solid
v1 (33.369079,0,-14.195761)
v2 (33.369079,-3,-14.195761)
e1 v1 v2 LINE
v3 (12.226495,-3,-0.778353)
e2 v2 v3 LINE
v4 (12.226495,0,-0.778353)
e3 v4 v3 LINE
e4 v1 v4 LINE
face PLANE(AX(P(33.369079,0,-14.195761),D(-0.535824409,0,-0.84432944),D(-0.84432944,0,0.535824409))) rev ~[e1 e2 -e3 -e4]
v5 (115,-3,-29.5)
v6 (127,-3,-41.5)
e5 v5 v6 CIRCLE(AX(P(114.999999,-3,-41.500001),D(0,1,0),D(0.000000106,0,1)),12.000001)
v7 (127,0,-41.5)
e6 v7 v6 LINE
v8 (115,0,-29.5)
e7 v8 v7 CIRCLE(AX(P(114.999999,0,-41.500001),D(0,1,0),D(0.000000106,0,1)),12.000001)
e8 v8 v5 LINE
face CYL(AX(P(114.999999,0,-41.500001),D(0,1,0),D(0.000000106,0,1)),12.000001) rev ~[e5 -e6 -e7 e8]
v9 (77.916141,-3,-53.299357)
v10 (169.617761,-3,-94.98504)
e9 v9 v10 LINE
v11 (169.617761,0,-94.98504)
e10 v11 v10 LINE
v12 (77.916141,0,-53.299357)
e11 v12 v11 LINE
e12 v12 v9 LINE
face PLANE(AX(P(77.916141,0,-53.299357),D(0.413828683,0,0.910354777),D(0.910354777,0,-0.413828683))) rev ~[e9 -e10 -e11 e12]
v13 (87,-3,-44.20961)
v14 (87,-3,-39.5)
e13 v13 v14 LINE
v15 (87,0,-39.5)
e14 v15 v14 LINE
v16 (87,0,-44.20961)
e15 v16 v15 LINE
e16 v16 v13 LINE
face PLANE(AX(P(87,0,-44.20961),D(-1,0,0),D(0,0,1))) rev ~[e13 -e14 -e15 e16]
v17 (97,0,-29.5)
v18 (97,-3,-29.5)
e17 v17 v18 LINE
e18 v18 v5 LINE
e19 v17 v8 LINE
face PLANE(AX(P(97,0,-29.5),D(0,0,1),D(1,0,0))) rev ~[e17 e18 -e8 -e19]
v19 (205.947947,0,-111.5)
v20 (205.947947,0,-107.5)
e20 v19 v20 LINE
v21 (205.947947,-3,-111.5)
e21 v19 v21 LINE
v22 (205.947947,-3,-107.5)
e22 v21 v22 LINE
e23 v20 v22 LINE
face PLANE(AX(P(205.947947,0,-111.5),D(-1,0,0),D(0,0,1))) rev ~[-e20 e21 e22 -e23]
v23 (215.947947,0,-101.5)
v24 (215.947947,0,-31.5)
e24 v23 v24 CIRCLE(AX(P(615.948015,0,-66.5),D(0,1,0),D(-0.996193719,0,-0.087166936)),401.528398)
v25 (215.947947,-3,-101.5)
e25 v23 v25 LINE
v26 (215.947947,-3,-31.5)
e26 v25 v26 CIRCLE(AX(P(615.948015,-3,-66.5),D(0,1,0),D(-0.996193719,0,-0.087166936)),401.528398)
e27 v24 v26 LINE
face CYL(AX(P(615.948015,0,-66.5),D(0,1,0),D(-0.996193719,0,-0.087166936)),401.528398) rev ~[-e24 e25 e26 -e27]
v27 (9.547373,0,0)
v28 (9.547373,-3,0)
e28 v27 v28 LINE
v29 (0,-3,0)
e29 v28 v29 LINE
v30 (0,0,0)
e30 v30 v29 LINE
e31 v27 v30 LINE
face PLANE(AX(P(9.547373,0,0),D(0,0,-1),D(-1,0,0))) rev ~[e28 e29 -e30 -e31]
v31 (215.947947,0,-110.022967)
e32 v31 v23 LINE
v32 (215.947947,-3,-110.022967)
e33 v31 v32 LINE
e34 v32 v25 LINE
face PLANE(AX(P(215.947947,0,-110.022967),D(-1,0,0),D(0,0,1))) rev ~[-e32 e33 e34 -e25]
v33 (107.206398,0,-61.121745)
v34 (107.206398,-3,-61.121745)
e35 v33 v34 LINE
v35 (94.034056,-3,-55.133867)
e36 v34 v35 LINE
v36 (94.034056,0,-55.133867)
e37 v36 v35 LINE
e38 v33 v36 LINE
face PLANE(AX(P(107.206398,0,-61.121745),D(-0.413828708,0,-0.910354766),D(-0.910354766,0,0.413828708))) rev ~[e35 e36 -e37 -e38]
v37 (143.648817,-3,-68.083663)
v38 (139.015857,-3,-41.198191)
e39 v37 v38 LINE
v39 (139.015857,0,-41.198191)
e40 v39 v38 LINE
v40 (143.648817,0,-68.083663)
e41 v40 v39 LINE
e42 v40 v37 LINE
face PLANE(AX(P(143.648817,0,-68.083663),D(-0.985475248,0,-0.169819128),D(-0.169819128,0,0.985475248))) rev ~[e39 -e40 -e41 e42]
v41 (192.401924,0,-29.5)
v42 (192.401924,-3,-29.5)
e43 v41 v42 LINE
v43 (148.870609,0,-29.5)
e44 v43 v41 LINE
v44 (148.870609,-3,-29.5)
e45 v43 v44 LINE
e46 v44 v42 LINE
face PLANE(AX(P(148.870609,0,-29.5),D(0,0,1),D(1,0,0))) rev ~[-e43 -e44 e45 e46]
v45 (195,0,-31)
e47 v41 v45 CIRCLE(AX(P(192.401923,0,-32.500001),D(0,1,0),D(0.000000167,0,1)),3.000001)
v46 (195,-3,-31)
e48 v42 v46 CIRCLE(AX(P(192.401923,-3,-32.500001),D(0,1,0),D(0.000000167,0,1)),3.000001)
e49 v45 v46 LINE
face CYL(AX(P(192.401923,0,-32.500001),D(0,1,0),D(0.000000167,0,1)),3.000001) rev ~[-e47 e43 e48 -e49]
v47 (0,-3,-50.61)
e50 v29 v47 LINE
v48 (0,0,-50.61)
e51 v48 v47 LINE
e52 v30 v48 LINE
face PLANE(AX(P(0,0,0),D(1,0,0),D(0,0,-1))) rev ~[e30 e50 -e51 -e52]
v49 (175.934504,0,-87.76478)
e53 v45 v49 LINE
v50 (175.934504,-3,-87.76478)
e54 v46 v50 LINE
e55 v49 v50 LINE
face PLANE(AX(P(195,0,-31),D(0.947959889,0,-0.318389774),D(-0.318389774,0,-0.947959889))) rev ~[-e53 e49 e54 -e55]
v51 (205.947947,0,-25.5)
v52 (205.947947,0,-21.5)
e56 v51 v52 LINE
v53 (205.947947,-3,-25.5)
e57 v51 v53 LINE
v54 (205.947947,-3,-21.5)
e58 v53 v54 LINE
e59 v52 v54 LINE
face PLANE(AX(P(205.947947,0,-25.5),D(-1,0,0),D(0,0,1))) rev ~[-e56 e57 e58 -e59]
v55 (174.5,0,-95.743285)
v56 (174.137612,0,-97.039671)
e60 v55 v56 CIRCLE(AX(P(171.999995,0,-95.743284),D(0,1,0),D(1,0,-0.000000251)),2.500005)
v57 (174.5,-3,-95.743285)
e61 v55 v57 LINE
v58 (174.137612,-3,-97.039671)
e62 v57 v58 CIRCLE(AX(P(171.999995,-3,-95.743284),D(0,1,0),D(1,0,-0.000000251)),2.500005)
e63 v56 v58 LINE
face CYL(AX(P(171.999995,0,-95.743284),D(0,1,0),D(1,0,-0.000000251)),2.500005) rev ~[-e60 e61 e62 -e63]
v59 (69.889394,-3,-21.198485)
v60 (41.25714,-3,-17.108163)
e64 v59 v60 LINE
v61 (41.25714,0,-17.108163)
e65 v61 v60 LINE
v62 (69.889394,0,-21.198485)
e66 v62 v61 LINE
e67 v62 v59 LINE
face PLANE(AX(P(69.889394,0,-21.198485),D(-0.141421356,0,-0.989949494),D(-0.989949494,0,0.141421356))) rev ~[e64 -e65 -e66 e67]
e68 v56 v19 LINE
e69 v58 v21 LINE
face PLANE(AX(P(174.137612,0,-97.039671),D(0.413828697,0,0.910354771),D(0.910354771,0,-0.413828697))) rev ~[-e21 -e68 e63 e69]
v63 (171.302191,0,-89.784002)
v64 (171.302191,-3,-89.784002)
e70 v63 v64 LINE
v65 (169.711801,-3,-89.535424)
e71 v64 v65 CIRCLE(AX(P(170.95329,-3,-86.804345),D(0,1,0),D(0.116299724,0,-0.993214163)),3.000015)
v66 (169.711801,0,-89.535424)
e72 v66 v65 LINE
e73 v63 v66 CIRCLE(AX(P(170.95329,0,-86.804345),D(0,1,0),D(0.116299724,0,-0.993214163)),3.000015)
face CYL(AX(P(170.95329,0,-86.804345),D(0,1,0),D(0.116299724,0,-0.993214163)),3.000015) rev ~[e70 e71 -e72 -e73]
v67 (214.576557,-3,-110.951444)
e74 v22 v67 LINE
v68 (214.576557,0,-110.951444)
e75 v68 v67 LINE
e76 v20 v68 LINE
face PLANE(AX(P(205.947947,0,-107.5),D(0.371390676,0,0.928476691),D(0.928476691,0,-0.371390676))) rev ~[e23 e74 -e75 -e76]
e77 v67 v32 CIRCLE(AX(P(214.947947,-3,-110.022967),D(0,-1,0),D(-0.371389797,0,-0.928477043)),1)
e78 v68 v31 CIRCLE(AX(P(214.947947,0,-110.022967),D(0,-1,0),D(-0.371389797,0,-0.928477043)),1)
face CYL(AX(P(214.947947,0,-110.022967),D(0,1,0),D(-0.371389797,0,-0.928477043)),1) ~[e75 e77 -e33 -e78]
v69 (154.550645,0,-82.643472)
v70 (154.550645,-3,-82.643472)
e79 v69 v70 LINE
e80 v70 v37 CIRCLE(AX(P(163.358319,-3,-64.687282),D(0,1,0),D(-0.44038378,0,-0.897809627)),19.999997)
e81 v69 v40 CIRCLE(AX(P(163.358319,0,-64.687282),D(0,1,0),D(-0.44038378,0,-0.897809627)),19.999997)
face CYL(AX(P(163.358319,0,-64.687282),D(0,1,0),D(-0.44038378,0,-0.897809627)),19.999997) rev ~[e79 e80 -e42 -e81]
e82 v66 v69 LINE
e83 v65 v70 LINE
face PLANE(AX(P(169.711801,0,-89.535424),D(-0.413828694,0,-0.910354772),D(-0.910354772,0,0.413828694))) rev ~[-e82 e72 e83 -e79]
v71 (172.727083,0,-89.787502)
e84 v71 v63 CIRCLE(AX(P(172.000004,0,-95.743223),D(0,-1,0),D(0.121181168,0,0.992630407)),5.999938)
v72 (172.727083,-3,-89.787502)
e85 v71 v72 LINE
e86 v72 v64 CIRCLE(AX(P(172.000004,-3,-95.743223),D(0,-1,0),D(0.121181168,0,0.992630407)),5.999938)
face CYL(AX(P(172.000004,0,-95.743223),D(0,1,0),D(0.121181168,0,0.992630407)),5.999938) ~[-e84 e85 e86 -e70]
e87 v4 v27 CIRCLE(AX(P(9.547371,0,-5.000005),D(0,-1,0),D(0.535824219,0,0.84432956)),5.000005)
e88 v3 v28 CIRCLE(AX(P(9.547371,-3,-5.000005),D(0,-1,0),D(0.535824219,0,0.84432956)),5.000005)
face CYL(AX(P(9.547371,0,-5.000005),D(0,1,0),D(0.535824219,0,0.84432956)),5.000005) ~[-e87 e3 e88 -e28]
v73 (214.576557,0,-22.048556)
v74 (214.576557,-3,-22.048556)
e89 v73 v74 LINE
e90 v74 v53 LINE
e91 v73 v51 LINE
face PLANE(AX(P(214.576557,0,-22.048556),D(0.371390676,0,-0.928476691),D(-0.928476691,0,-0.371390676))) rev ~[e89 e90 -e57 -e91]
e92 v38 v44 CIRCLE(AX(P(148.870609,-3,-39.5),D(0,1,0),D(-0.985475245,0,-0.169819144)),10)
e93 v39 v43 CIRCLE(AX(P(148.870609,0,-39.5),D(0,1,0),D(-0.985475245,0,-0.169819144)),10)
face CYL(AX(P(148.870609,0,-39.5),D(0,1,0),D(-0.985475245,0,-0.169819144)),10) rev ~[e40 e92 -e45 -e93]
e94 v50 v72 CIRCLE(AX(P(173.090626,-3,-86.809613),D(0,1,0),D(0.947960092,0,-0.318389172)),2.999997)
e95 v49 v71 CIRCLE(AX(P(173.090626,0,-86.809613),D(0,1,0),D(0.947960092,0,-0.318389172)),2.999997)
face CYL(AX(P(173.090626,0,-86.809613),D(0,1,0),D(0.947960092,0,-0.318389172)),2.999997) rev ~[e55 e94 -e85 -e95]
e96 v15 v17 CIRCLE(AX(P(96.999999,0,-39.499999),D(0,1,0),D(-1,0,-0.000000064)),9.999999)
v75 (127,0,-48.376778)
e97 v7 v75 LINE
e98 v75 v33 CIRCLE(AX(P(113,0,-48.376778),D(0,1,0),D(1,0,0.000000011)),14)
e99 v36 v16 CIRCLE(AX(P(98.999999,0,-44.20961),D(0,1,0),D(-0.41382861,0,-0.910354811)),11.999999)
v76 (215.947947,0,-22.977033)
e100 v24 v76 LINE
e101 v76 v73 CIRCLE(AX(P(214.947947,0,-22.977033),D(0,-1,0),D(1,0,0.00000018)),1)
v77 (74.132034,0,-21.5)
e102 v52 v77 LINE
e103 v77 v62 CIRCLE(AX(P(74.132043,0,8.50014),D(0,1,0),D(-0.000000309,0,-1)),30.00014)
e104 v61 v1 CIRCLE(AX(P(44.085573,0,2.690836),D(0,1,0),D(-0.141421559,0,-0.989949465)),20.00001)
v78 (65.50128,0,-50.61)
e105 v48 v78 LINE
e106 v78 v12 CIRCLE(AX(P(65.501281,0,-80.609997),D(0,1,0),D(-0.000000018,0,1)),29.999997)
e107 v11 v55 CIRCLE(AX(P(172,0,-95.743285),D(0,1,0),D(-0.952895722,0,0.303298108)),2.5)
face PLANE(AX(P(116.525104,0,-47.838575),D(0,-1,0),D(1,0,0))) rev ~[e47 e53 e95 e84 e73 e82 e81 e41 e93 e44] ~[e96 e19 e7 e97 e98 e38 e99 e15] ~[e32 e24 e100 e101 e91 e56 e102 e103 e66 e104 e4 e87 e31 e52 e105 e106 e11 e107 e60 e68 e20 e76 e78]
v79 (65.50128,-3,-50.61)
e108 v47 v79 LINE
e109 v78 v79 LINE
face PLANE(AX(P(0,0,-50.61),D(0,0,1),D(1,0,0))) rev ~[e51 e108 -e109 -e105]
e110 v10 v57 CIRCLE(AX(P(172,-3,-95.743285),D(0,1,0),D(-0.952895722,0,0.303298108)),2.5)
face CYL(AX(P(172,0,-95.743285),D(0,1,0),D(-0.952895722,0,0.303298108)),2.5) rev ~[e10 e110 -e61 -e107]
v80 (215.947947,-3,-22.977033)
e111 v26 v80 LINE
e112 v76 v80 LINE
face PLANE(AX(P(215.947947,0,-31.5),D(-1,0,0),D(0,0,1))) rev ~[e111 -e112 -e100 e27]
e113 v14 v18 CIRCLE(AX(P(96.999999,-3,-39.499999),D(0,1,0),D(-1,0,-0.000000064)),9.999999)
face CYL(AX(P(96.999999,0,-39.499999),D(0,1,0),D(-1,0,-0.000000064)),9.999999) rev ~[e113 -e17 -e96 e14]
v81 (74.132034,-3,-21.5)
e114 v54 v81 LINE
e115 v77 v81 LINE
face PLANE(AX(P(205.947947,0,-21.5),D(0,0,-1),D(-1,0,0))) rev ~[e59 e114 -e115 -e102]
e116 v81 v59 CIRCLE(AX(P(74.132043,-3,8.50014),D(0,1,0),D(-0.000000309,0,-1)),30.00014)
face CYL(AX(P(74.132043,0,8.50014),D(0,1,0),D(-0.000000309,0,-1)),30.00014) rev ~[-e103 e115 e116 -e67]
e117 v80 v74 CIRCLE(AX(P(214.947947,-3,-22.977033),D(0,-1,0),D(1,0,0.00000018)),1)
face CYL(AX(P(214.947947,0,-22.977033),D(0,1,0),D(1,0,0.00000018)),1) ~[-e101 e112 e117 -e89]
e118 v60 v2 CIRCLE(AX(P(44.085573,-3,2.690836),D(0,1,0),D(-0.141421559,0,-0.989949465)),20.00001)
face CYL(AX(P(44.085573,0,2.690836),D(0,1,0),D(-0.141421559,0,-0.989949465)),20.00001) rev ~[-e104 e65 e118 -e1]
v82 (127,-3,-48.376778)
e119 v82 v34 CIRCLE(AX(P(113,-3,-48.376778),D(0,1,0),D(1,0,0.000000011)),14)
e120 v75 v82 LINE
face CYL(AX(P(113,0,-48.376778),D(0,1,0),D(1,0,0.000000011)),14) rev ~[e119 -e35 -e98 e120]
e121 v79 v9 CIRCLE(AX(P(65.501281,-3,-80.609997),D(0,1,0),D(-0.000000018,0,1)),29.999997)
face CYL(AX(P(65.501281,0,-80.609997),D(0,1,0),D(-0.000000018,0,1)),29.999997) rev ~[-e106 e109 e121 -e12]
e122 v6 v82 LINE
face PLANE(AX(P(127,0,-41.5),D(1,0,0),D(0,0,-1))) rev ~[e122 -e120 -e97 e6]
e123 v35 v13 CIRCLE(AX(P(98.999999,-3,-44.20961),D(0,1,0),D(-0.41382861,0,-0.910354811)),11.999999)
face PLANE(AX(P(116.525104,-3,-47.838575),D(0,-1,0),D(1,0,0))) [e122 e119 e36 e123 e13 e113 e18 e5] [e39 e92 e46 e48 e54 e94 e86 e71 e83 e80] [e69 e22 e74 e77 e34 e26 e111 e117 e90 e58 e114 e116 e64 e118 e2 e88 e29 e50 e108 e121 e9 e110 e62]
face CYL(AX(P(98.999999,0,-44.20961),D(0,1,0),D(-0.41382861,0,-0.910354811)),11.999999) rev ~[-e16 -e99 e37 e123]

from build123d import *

# Parameters (mm, degrees)
F1_DEPTH = 3


with BuildPart() as f1:
    # F0 (on Front) → F1 (new body)
    with BuildSketch(Plane.XZ):
        with BuildLine():
            Line((9.547373, 0), (0, 0))
            Line((0, 0), (0, -50.61))
            Line((0, -50.61), (65.50128, -50.61))
            ThreePointArc((65.50128, -50.61), (71.852686, -51.290047), (77.916141, -53.299357))
            Line((77.916141, -53.299357), (169.617761, -94.98504))
            ThreePointArc((169.617761, -94.98504), (172.383668, -93.272901), (174.5, -95.743285))
            ThreePointArc((174.5, -95.743285), (174.407699, -96.416327), (174.137612, -97.039671))
            Line((174.137612, -97.039671), (205.947947, -111.5))
            Line((205.947947, -111.5), (205.947947, -107.5))
            Line((205.947947, -107.5), (214.576557, -110.951444))
            ThreePointArc((214.576557, -110.951444), (215.508576, -110.851034), (215.947947, -110.022967))
            Line((215.947947, -110.022967), (215.947947, -101.5))
            ThreePointArc((215.947947, -101.5), (214.419617, -66.5), (215.947947, -31.5))
            Line((215.947947, -31.5), (215.947947, -22.977033))
            ThreePointArc((215.947947, -22.977033), (215.508576, -22.148966), (214.576557, -22.048556))
            Line((214.576557, -22.048556), (205.947947, -25.5))
            Line((205.947947, -25.5), (205.947947, -21.5))
            Line((205.947947, -21.5), (74.132034, -21.5))
            ThreePointArc((74.132034, -21.5), (72.005364, -21.424526), (69.889394, -21.198485))
            Line((69.889394, -21.198485), (41.25714, -17.108163))
            ThreePointArc((41.25714, -17.108163), (37.158324, -16.07119), (33.369079, -14.195761))
            Line((33.369079, -14.195761), (12.226495, -0.778353))
            ThreePointArc((12.226495, -0.778353), (10.942322, -0.19853), (9.547373, 0))
        make_face()
        with BuildLine():
            ThreePointArc((139.015857, -41.198191), (141.222671, -33.057249), (148.870609, -29.5))
            Line((148.870609, -29.5), (192.401924, -29.5))
            ThreePointArc((192.401924, -29.5), (193.901924, -29.901924), (195, -31))
            Line((195, -31), (175.934504, -87.76478))
            ThreePointArc((175.934504, -87.76478), (174.690897, -89.347155), (172.727083, -89.787502))
            ThreePointArc((172.727083, -89.787502), (172.014742, -89.743303), (171.302191, -89.784002))
            ThreePointArc((171.302191, -89.784002), (170.490013, -89.768373), (169.711801, -89.535424))
            Line((169.711801, -89.535424), (154.550645, -82.643472))
            ThreePointArc((154.550645, -82.643472), (147.348811, -76.674589), (143.648817, -68.083663))
            Line((143.648817, -68.083663), (139.015857, -41.198191))
        make_face(mode=Mode.SUBTRACT)
        with BuildLine():
            ThreePointArc((87, -39.5), (89.928932, -32.428932), (97, -29.5))
            Line((97, -29.5), (115, -29.5))
            ThreePointArc((115, -29.5), (123.485281, -33.014719), (127, -41.5))
            Line((127, -41.5), (127, -48.376778))
            ThreePointArc((127, -48.376778), (120.579234, -60.147726), (107.206398, -61.121745))
            Line((107.206398, -61.121745), (94.034056, -55.133867))
            ThreePointArc((94.034056, -55.133867), (88.910616, -50.706096), (87, -44.20961))
            Line((87, -44.20961), (87, -39.5))
        make_face(mode=Mode.SUBTRACT)
    extrude(amount=F1_DEPTH)


solid = f1.part
